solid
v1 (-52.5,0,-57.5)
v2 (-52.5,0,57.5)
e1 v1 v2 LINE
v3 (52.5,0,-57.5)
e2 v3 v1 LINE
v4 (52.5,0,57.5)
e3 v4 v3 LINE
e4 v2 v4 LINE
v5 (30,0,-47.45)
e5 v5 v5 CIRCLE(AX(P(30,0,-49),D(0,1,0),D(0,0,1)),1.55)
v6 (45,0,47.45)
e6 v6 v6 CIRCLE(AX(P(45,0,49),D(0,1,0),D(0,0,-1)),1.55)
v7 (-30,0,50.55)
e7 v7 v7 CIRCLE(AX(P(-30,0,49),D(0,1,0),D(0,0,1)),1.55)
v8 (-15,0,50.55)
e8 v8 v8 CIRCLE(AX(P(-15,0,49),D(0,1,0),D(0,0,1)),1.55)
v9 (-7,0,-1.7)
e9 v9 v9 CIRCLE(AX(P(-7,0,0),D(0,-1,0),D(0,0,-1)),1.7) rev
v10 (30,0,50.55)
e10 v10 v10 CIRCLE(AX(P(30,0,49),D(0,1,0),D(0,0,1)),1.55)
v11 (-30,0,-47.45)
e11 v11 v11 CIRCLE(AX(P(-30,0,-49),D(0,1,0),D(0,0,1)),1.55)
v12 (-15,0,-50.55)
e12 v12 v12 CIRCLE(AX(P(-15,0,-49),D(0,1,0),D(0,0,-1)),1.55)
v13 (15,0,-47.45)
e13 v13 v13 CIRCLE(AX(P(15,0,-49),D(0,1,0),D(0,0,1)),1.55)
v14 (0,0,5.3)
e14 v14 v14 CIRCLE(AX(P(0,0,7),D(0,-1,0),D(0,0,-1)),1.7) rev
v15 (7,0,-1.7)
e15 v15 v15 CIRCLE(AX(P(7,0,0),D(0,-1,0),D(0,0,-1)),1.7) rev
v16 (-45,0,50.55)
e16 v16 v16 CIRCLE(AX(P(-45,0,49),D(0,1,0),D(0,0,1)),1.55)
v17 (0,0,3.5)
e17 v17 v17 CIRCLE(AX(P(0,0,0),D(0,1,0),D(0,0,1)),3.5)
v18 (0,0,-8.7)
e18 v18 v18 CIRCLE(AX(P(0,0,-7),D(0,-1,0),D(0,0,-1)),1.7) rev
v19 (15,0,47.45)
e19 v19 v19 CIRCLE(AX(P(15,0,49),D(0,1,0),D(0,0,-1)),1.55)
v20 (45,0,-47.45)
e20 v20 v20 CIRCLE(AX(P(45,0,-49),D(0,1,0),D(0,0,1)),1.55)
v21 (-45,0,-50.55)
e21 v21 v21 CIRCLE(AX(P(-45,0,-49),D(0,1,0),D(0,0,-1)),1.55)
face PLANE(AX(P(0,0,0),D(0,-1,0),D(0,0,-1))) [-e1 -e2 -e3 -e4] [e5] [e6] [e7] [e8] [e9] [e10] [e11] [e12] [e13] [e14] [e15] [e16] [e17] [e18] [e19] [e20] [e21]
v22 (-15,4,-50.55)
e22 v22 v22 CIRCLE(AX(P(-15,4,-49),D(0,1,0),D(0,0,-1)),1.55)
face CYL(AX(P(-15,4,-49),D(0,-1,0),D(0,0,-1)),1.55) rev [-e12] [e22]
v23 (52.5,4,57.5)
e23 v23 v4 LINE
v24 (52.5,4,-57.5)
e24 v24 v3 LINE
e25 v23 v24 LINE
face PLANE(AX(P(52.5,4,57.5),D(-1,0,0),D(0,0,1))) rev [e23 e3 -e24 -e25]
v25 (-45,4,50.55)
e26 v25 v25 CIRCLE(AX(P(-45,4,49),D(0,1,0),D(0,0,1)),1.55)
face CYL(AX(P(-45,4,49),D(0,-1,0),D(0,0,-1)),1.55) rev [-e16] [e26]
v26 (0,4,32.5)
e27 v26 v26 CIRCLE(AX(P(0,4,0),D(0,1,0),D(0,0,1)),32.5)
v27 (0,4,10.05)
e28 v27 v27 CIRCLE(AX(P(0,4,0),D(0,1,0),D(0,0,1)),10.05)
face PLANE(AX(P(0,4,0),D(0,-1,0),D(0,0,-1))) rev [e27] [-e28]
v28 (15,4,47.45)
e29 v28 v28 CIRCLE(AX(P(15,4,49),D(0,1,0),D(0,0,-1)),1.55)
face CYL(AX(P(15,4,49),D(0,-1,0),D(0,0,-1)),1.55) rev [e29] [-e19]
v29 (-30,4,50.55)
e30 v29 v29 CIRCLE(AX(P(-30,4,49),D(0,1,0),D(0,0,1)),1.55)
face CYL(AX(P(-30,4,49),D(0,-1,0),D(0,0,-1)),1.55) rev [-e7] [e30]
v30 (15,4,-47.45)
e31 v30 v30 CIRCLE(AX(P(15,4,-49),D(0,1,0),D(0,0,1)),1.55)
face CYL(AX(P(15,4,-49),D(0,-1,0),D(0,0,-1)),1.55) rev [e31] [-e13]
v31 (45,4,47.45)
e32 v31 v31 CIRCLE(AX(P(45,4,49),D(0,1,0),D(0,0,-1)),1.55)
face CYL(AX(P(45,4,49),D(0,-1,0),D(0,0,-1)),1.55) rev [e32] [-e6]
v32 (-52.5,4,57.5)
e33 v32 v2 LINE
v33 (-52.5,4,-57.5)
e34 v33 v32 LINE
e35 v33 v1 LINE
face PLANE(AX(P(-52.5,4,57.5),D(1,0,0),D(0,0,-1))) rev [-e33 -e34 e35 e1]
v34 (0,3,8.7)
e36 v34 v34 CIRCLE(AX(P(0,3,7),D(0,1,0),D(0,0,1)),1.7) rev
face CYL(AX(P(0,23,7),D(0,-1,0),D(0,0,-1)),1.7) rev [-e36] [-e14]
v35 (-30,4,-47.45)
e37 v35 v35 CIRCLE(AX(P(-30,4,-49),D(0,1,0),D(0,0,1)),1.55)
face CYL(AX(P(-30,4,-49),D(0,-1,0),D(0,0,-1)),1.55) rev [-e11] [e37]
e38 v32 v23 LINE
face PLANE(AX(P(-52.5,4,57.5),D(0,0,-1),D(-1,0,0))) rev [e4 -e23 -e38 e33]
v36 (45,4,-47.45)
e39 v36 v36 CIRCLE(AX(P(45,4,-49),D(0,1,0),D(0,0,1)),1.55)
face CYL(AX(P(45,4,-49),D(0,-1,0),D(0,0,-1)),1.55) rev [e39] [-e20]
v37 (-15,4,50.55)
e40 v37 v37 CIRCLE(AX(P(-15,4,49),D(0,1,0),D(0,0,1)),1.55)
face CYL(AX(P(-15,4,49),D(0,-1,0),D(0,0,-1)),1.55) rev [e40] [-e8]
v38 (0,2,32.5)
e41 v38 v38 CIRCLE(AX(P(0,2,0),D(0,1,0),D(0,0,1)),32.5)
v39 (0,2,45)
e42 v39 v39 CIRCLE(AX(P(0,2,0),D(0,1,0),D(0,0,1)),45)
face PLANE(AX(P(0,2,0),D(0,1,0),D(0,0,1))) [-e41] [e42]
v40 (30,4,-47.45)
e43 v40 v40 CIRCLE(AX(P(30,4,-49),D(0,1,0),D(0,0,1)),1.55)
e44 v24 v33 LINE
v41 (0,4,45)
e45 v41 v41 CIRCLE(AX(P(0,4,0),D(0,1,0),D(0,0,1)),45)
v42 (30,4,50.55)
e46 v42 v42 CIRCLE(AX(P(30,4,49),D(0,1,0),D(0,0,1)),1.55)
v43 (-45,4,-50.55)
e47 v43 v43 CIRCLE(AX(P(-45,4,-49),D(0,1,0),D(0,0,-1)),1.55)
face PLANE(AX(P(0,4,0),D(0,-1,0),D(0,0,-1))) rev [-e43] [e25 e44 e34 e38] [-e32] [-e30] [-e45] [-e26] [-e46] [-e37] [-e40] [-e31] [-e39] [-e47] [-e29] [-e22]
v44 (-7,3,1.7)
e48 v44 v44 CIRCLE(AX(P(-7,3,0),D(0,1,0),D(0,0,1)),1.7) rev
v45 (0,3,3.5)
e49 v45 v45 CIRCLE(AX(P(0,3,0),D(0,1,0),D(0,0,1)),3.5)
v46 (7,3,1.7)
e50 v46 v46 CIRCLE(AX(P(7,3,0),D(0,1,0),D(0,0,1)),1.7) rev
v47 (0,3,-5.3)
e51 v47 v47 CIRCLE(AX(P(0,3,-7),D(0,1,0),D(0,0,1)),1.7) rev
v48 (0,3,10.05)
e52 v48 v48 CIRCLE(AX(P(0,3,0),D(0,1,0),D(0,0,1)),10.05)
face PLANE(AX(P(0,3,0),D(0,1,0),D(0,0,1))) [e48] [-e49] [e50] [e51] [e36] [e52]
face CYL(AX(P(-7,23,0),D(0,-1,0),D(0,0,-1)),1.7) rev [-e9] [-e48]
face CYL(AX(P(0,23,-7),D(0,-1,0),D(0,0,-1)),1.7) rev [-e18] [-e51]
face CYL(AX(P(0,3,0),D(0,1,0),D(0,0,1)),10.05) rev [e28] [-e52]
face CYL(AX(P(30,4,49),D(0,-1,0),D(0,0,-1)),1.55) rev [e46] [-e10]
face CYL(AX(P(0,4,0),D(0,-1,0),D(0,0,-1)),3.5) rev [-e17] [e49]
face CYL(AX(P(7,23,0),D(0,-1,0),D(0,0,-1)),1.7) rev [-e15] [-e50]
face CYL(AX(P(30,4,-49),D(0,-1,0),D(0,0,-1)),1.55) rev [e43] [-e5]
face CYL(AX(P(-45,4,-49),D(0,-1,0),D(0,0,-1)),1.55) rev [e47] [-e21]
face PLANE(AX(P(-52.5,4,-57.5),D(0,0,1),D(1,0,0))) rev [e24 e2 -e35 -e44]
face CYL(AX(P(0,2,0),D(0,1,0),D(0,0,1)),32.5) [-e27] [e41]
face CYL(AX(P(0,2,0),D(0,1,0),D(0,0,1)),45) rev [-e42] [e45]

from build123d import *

# Parameters (mm, degrees)
SKETCH_1_W               = 105
SKETCH_1_H               = 115
SKETCH_1_R               = 3.5
SKETCH_1_R_2             = 1.55
EXTRUDE_1_DEPTH          = 4
SKETCH_2_R               = 45
SKETCH_2_R_2             = 32.5
CUT_EXTRUDE_1_DEPTH      = 2
SKETCH_3_R               = 10.05
SKETCH_3_R_2             = 1.7
CUT_EXTRUDE_2_DEPTH      = 1
CUT_EXTRUDE_5_DEPTH      = 20
CUT_EXTRUDE_5_DEPTH_BACK = 20
SKETCH_4_R               = 1.7


with BuildPart() as part:
    # 草图1 → 凸台-拉伸1 (new body)
    with BuildSketch(Plane(origin=(0, 0, 0), x_dir=(1, 0, 0), z_dir=(0, 1, 0))):
        Rectangle(SKETCH_1_W, SKETCH_1_H)
        with Locations(Location((0, 0, 0), (0, 0, 270))):
            Circle(SKETCH_1_R, mode=Mode.SUBTRACT)
        with Locations(Location((45, 49, 0), (0, 0, 270))):
            Circle(SKETCH_1_R_2, mode=Mode.SUBTRACT)
        with Locations(Location((45, -49, 0), (0, 0, 90))):
            Circle(SKETCH_1_R_2, mode=Mode.SUBTRACT)
        with Locations(Location((-45, -49, 0), (0, 0, 270))):
            Circle(SKETCH_1_R_2, mode=Mode.SUBTRACT)
        with Locations(Location((-45, 49, 0), (0, 0, 90))):
            Circle(SKETCH_1_R_2, mode=Mode.SUBTRACT)
        with Locations(Location((-15, -49, 0), (0, 0, 270))):
            Circle(SKETCH_1_R_2, mode=Mode.SUBTRACT)
        with Locations(Location((15, -49, 0), (0, 0, 90))):
            Circle(SKETCH_1_R_2, mode=Mode.SUBTRACT)
        with Locations(Location((15, 49, 0), (0, 0, 270))):
            Circle(SKETCH_1_R_2, mode=Mode.SUBTRACT)
        with Locations(Location((-15, 49, 0), (0, 0, 90))):
            Circle(SKETCH_1_R_2, mode=Mode.SUBTRACT)
        with Locations(Location((30, 49, 0), (0, 0, 270))):
            Circle(SKETCH_1_R_2, mode=Mode.SUBTRACT)
        with Locations(Location((-30, 49, 0), (0, 0, 270))):
            Circle(SKETCH_1_R_2, mode=Mode.SUBTRACT)
        with Locations(Location((-30, -49, 0), (0, 0, 270))):
            Circle(SKETCH_1_R_2, mode=Mode.SUBTRACT)
        with Locations(Location((30, -49, 0), (0, 0, 270))):
            Circle(SKETCH_1_R_2, mode=Mode.SUBTRACT)
    extrude(amount=EXTRUDE_1_DEPTH)

    # 草图2 → 切除-拉伸1 (cut)
    with BuildSketch(Plane(origin=(0, 4, 0), x_dir=(1, 0, 0), z_dir=(0, 1, 0))):
        with Locations(Location((0, 0, 0), (0, 0, 270))):
            Circle(SKETCH_2_R)
        with Locations(Location((0, 0, 0), (0, 0, 270))):
            Circle(SKETCH_2_R_2, mode=Mode.SUBTRACT)
    extrude(amount=-CUT_EXTRUDE_1_DEPTH, mode=Mode.SUBTRACT)

    # 草图3 → 切除-拉伸2 (cut)
    with BuildSketch(Plane(origin=(0, 4, 0), x_dir=(1, 0, 0), z_dir=(0, 1, 0))):
        with Locations(Location((0, 0, 0), (0, 0, 270))):
            Circle(SKETCH_3_R)
        with Locations(Location((0, 7, 0), (0, 0, 270))):
            Circle(SKETCH_3_R_2, mode=Mode.SUBTRACT)
        with Locations(Location((7, 0, 0), (0, 0, 270))):
            Circle(SKETCH_3_R_2, mode=Mode.SUBTRACT)
        with Locations(Location((0, -7, 0), (0, 0, 270))):
            Circle(SKETCH_3_R_2, mode=Mode.SUBTRACT)
        with Locations(Location((-7, 0, 0), (0, 0, 270))):
            Circle(SKETCH_3_R_2, mode=Mode.SUBTRACT)
    extrude(amount=-CUT_EXTRUDE_2_DEPTH, mode=Mode.SUBTRACT)

    # 草图4 → 切除-拉伸5 (cut, two sides: drawn at the far end of the back side and taken through both)
    with BuildSketch(Plane(origin=(0, 3, 0), x_dir=(1, 0, 0), z_dir=(0, 1, 0)).offset(-CUT_EXTRUDE_5_DEPTH_BACK)):
        with Locations(Location((7, 0, 0), (0, 0, 90))):
            Circle(SKETCH_4_R)
        with Locations(Location((0, 7, 0), (0, 0, 90))):
            Circle(SKETCH_4_R)
        with Locations(Location((0, -7, 0), (0, 0, 90))):
            Circle(SKETCH_4_R)
        with Locations(Location((-7, 0, 0), (0, 0, 90))):
            Circle(SKETCH_4_R)
    extrude(amount=CUT_EXTRUDE_5_DEPTH + CUT_EXTRUDE_5_DEPTH_BACK, mode=Mode.SUBTRACT)


solid = part.part
